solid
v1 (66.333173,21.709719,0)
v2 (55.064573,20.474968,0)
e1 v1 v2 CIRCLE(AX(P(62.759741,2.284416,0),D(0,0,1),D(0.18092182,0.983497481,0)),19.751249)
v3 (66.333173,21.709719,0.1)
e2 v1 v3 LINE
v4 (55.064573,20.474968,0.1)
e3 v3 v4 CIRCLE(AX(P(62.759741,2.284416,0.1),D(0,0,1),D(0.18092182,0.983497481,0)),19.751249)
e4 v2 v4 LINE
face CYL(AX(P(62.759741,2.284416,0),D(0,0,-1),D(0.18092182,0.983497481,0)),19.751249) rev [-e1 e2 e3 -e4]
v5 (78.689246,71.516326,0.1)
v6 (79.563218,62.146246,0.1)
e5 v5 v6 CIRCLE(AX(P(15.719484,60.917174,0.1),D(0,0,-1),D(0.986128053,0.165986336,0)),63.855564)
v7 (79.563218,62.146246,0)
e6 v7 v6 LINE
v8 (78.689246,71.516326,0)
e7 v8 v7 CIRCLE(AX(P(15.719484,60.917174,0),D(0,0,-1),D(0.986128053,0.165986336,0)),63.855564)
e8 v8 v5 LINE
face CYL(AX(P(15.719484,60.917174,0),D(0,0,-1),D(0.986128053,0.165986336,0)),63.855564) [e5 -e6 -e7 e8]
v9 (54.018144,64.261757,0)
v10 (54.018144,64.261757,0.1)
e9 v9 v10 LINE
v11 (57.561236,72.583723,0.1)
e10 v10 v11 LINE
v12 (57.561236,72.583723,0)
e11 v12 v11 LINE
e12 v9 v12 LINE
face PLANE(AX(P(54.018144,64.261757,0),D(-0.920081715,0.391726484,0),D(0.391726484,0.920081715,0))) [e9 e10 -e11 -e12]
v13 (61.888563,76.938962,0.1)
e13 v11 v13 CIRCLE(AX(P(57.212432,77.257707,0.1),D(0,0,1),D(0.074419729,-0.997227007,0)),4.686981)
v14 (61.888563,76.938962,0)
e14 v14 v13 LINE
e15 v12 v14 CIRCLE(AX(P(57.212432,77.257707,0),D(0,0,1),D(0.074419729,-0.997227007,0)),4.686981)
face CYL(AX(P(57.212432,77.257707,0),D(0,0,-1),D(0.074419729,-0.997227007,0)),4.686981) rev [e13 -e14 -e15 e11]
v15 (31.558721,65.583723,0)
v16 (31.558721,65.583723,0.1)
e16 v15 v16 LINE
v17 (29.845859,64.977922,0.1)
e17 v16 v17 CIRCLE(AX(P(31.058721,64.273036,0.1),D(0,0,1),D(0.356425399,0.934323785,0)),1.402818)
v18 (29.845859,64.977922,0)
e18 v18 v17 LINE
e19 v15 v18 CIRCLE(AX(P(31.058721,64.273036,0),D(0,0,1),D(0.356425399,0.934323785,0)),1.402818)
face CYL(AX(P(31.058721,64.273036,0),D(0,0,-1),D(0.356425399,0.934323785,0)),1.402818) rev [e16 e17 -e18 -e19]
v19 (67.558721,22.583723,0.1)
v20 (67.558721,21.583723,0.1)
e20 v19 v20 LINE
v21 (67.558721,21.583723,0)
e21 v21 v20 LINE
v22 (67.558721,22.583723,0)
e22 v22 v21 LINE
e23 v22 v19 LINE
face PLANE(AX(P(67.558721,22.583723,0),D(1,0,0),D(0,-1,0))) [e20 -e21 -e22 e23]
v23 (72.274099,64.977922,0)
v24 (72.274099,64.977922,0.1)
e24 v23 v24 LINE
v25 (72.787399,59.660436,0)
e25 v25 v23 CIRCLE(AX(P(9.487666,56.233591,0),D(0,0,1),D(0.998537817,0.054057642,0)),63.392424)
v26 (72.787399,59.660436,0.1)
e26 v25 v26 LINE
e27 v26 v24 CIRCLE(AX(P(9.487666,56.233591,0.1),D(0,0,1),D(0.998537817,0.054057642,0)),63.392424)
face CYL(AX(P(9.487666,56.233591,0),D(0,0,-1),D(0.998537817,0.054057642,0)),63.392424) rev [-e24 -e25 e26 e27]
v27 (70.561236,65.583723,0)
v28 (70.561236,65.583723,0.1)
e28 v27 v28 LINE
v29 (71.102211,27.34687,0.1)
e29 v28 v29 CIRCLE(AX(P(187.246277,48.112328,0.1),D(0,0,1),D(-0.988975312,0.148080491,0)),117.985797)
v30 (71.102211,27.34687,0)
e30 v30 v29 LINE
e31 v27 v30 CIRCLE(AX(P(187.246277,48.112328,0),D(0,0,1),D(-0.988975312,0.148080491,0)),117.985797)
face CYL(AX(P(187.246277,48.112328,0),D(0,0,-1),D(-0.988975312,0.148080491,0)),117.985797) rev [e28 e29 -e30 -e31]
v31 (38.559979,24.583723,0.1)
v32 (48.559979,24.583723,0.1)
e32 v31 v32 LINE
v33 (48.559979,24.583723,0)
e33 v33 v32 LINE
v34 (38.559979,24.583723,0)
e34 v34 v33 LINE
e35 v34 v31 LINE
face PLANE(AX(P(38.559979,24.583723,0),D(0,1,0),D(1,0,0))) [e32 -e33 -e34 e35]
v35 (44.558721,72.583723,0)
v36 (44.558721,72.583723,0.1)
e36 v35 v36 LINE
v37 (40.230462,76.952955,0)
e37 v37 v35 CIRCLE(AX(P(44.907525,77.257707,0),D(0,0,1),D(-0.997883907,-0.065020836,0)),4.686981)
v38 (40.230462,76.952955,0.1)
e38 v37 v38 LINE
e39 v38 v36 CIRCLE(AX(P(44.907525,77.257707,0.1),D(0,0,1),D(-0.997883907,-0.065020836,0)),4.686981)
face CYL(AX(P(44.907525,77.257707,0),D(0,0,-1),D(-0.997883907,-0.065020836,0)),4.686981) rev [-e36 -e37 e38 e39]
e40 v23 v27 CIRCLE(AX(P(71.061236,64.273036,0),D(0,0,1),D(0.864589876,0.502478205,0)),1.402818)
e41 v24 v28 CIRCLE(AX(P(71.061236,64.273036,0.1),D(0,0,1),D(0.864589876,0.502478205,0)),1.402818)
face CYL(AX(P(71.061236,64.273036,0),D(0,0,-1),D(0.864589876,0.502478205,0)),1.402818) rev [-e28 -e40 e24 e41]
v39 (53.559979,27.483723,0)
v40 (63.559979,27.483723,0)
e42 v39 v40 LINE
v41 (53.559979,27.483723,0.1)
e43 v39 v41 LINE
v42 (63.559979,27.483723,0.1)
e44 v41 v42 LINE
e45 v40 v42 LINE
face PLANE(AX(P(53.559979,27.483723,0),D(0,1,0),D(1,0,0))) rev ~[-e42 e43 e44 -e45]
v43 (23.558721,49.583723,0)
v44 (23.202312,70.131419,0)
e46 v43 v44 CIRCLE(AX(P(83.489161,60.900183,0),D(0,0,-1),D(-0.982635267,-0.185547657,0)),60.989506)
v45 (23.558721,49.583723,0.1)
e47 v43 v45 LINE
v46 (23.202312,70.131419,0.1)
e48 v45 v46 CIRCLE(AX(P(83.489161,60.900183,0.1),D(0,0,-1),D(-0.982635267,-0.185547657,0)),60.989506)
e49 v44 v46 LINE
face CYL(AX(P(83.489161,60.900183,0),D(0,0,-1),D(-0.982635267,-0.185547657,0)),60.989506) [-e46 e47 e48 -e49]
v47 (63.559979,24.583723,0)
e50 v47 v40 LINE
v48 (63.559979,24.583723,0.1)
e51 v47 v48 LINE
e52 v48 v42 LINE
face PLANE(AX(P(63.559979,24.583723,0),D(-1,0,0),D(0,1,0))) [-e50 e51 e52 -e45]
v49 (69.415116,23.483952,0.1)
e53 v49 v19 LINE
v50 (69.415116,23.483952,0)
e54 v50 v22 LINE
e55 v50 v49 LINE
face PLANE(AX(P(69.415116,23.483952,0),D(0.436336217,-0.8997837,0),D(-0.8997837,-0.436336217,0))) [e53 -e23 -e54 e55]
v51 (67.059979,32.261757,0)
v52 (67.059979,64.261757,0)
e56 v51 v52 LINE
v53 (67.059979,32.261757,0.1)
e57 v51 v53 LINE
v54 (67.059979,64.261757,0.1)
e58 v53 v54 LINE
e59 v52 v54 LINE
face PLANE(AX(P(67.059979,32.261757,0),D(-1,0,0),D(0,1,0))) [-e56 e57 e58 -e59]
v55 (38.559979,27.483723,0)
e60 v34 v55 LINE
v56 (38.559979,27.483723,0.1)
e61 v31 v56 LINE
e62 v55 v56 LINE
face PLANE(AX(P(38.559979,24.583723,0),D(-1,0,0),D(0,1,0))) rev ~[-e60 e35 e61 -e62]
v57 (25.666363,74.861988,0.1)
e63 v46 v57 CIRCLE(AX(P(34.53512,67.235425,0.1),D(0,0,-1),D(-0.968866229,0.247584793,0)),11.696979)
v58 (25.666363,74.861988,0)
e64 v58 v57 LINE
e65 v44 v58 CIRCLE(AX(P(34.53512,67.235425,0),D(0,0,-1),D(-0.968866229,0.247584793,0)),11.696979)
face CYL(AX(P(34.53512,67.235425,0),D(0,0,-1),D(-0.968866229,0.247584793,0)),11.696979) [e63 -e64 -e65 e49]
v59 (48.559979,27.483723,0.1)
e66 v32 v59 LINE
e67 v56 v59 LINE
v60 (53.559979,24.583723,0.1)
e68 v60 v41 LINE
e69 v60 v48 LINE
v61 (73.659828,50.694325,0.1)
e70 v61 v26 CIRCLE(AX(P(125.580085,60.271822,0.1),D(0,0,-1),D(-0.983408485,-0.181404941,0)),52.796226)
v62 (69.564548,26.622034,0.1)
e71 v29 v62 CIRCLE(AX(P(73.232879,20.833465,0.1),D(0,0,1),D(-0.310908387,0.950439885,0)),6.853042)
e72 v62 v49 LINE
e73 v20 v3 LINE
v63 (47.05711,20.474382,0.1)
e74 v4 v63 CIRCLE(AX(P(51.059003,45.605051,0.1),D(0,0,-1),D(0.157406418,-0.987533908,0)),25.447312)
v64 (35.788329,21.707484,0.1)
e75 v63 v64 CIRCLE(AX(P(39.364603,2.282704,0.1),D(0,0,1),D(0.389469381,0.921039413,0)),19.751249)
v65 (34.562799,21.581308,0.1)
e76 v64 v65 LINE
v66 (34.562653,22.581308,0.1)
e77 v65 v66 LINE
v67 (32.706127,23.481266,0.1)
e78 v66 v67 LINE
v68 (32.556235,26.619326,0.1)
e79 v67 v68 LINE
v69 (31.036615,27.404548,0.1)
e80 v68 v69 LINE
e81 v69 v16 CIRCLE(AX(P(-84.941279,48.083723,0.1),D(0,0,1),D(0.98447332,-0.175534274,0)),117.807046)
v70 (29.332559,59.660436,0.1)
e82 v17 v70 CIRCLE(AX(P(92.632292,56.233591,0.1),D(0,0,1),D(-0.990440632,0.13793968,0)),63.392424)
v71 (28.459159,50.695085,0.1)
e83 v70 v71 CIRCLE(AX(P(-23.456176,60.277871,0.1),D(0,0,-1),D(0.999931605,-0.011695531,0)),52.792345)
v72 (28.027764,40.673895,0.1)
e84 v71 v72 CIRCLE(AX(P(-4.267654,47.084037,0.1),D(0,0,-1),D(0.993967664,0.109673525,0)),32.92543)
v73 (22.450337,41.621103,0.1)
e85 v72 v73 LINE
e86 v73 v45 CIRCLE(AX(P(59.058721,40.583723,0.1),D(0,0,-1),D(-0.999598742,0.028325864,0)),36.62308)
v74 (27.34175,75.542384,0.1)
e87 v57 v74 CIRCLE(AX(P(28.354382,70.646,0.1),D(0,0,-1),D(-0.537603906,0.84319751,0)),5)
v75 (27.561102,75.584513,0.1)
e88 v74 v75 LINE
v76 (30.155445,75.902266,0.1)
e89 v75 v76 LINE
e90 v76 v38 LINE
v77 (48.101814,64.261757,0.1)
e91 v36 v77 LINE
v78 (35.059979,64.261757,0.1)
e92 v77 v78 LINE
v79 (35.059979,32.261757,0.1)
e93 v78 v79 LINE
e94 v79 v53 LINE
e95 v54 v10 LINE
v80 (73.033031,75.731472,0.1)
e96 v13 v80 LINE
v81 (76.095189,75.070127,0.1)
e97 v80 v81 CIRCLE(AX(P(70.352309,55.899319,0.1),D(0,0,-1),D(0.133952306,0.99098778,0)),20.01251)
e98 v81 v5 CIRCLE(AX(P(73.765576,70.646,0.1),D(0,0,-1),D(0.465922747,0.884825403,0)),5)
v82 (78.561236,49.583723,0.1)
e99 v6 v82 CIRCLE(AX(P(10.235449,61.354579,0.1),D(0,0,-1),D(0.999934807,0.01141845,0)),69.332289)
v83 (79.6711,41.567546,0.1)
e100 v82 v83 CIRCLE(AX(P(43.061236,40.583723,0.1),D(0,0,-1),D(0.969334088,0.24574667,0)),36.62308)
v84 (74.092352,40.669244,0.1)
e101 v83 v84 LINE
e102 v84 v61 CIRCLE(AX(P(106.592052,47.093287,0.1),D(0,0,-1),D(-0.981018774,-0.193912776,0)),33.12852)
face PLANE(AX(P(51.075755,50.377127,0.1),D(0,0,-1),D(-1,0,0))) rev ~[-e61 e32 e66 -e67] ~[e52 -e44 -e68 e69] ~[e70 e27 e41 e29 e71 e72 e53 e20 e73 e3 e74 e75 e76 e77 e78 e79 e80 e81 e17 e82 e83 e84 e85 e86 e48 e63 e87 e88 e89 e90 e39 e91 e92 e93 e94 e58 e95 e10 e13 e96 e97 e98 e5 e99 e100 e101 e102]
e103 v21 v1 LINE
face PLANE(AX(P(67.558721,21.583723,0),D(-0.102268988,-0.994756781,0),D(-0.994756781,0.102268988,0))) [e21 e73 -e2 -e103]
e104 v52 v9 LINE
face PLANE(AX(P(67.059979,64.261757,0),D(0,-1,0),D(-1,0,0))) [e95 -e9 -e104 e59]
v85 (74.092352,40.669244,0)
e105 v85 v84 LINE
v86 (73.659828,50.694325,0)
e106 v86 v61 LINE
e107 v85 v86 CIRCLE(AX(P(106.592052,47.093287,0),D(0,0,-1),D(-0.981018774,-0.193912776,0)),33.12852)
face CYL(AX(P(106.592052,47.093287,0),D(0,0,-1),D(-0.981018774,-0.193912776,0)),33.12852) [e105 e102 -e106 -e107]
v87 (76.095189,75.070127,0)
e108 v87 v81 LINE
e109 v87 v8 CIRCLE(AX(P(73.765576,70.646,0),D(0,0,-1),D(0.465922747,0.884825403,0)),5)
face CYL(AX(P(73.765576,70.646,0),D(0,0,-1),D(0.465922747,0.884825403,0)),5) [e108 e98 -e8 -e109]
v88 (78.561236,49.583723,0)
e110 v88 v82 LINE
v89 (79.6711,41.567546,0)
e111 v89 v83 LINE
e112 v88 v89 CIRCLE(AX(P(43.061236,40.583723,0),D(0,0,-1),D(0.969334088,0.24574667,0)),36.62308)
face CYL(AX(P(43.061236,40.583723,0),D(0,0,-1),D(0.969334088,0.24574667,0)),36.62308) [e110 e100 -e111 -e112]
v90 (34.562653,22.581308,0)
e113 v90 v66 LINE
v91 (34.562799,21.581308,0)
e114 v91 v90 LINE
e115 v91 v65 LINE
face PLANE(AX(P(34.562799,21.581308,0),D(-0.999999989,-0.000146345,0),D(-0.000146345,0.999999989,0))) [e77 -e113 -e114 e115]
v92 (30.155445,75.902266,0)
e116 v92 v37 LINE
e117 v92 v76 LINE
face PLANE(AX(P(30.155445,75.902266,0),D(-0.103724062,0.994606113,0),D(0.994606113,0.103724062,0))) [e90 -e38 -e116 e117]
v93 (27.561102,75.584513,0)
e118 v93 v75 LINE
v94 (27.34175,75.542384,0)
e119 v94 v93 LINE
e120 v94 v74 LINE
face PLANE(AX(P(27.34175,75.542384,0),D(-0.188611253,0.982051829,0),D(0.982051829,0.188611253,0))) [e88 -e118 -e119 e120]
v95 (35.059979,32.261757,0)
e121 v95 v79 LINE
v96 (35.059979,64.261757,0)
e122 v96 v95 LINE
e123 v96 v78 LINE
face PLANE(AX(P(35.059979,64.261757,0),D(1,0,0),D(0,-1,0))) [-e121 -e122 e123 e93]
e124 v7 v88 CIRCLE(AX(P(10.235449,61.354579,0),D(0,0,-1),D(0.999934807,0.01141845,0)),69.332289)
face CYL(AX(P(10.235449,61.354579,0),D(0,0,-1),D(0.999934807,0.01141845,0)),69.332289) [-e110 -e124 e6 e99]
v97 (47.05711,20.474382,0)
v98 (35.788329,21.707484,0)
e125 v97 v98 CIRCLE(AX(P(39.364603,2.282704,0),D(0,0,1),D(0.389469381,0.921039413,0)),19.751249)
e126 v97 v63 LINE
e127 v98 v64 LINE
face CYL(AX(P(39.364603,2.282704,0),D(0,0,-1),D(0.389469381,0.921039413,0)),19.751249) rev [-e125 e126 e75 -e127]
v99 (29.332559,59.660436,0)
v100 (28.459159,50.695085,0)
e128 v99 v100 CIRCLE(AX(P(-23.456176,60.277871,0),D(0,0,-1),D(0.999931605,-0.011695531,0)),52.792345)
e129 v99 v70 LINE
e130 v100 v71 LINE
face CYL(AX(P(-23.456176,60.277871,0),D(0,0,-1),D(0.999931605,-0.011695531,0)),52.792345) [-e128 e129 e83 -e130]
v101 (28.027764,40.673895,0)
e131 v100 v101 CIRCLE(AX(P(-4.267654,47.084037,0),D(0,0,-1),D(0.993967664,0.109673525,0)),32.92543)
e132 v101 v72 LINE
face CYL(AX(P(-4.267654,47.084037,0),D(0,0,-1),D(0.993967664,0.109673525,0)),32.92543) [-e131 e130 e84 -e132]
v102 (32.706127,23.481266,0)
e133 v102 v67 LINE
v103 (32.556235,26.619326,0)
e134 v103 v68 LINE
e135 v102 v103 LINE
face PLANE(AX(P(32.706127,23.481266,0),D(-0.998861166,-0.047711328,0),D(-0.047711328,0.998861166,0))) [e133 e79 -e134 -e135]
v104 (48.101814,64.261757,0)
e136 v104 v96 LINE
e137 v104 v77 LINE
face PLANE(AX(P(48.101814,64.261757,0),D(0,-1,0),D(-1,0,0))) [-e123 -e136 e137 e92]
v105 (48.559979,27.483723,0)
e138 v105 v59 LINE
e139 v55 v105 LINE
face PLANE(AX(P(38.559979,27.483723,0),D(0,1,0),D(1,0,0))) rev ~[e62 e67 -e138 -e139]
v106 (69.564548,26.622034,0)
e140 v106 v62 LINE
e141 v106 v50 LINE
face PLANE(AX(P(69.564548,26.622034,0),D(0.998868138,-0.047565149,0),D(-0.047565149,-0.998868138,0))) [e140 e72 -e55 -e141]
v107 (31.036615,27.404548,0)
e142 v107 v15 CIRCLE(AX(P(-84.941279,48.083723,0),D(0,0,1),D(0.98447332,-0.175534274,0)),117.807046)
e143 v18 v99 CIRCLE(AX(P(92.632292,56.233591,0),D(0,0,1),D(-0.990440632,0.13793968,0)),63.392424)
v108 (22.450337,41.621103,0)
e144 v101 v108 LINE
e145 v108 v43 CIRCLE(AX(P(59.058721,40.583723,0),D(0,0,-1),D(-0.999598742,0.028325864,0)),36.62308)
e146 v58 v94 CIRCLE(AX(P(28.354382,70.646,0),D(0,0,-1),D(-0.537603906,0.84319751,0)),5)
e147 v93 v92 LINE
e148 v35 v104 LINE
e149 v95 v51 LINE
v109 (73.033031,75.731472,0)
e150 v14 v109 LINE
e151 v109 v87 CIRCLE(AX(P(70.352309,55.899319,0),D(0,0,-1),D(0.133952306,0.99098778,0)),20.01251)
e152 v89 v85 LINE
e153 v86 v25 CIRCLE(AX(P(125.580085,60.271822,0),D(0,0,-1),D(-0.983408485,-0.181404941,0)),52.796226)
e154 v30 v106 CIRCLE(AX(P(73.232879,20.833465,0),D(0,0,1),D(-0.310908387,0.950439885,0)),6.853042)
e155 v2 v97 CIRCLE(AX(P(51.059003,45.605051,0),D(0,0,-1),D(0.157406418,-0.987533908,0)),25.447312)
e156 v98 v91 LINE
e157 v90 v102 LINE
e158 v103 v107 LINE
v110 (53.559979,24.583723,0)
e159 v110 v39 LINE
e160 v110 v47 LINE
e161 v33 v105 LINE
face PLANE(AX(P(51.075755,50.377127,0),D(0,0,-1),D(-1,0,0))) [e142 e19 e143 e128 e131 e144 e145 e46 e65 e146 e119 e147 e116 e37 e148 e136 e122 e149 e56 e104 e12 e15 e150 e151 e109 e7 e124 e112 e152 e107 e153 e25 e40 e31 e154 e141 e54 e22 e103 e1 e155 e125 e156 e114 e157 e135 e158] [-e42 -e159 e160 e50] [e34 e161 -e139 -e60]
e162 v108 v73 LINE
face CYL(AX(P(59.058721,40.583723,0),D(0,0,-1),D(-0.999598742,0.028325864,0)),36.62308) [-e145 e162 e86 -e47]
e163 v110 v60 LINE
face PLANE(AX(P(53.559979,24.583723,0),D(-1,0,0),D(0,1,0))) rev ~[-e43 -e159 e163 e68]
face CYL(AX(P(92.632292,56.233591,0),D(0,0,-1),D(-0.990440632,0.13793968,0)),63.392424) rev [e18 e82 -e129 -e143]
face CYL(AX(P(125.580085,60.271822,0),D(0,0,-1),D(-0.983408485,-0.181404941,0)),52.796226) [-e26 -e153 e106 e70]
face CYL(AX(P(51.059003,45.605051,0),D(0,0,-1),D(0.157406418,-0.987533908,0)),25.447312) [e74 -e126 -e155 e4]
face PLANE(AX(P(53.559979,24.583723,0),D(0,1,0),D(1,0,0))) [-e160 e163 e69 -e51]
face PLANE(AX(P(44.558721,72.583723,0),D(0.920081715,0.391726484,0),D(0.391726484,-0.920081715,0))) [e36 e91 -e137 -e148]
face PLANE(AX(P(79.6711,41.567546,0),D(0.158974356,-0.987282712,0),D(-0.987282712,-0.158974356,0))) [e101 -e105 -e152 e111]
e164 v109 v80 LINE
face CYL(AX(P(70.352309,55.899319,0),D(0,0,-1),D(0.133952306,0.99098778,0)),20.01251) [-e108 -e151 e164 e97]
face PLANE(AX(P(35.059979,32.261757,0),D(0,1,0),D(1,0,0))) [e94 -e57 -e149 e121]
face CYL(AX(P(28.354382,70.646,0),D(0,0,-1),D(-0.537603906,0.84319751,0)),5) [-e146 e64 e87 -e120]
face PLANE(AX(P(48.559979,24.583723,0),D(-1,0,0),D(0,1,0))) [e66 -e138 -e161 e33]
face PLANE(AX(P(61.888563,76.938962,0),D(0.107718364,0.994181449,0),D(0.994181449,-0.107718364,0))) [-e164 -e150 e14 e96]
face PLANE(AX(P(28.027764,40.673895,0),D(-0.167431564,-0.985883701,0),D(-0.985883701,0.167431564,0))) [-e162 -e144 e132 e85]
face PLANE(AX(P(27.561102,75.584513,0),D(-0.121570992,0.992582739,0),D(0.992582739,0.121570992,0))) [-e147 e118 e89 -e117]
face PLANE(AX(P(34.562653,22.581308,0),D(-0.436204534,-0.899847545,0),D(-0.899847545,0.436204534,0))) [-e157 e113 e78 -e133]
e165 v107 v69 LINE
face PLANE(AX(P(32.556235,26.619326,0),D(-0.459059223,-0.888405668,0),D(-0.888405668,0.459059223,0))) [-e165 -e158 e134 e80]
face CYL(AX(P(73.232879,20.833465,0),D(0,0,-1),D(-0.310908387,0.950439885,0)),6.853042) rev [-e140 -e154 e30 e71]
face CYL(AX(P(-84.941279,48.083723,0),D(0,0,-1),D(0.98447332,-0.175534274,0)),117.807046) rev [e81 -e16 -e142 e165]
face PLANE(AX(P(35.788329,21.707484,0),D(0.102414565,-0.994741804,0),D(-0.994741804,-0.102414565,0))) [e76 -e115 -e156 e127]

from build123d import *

# Parameters (mm, degrees)
MODEL_W                 = 10
MODEL_H                 = 2.9
SALIENTE_EXTRUIR1_DEPTH = 0.1


with BuildPart() as part:
    # Model → Saliente-Extruir1 (new body)
    with BuildSketch(Plane.XY):
        with BuildLine():
            Line((35.788328911, 21.707483708), (34.562799173, 21.581308157))
            Line((34.562799173, 21.581308157), (34.562652828, 22.581308147))
            Line((34.562652828, 22.581308147), (32.70612679, 23.481266233))
            Line((32.70612679, 23.481266233), (32.556235076, 26.619326304))
            Line((32.556235076, 26.619326304), (31.036614796, 27.404548337))
            ThreePointArc((31.036614796, 27.404548337), (32.854753025, 46.472842043), (31.55872141, 65.583722544))
            ThreePointArc((31.55872141, 65.583722544), (30.590969531, 65.595574241), (29.845859092, 64.977921752))
            ThreePointArc((29.845859092, 64.977921752), (29.533169752, 62.324588377), (29.332558898, 59.660435997))
            ThreePointArc((29.332558898, 59.660435997), (29.087424273, 55.159098423), (28.459158768, 50.695085274))
            ThreePointArc((28.459158768, 50.695085274), (28.627310402, 45.667965845), (28.027763798, 40.673894501))
            Line((28.027763798, 40.673894501), (22.450336553, 41.621102944))
            ThreePointArc((22.450336553, 41.621102944), (22.785375557, 45.632918576), (23.55872141, 49.583722544))
            ThreePointArc((23.55872141, 49.583722544), (22.508827615, 59.842451026), (23.202312308, 70.131419197))
            ThreePointArc((23.202312308, 70.131419197), (24.161095869, 72.639029062), (25.666362665, 74.861987681))
            ThreePointArc((25.666362665, 74.861987681), (26.473042164, 75.27855447), (27.341750173, 75.542384144))
            Line((27.341750173, 75.542384144), (27.561102277, 75.584512547))
            Line((27.561102277, 75.584512547), (30.155444554, 75.902266174))
            Line((30.155444554, 75.902266174), (40.23046228, 76.952955231))
            ThreePointArc((40.23046228, 76.952955231), (41.577753061, 73.95916021), (44.55872141, 72.583722544))
            Line((44.55872141, 72.583722544), (48.101813752, 64.261756561))
            Line((48.101813752, 64.261756561), (35.059978867, 64.261756561))
            Line((35.059978867, 64.261756561), (35.059978867, 32.261756561))
            Line((35.059978867, 32.261756561), (67.059978867, 32.261756561))
            Line((67.059978867, 32.261756561), (67.059978867, 64.261756561))
            Line((67.059978867, 64.261756561), (54.018143983, 64.261756561))
            Line((54.018143983, 64.261756561), (57.561236324, 72.583722544))
            ThreePointArc((57.561236324, 72.583722544), (60.537265907, 73.954182145), (61.888562624, 76.938961663))
            Line((61.888562624, 76.938961663), (73.033030733, 75.731471954))
            ThreePointArc((73.033030733, 75.731471954), (74.577070762, 75.460810441), (76.095189277, 75.070127146))
            ThreePointArc((76.095189277, 75.070127146), (77.804128562, 73.593895905), (78.689246297, 71.516325509))
            ThreePointArc((78.689246297, 71.516325509), (79.299082123, 66.847407918), (79.563217831, 62.146245983))
            ThreePointArc((79.563217831, 62.146245983), (79.348252658, 55.842170985), (78.561236324, 49.583722544))
            ThreePointArc((78.561236324, 49.583722544), (79.338265829, 45.606384219), (79.67109964, 41.567545691))
            Line((79.67109964, 41.567545691), (74.092351811, 40.669243886))
            ThreePointArc((74.092351811, 40.669243886), (73.494321928, 45.665313622), (73.659828166, 50.694325476))
            ThreePointArc((73.659828166, 50.694325476), (73.032031827, 55.158739267), (72.787398837, 59.660435997))
            ThreePointArc((72.787398837, 59.660435997), (72.586787983, 62.324588377), (72.274098643, 64.977921752))
            ThreePointArc((72.274098643, 64.977921752), (71.528988204, 65.595574241), (70.561236324, 65.583722544))
            ThreePointArc((70.561236324, 65.583722544), (69.272286317, 46.443233149), (71.102210852, 27.346869554))
            ThreePointArc((71.102210852, 27.346869554), (70.310817444, 27.032315031), (69.5645482, 26.622034286))
            Line((69.5645482, 26.622034286), (69.415115725, 23.483952313))
            Line((69.415115725, 23.483952313), (67.55872141, 22.583722544))
            Line((67.55872141, 22.583722544), (67.55872141, 21.583722544))
            Line((67.55872141, 21.583722544), (66.33317322, 21.709718743))
            ThreePointArc((66.33317322, 21.709718743), (60.608385736, 21.918148973), (55.064572652, 20.474967974))
            ThreePointArc((55.064572652, 20.474967974), (51.060864546, 20.157739519), (47.057110058, 20.47438205))
            ThreePointArc((47.057110058, 20.47438205), (41.513085831, 21.916751726), (35.788328911, 21.707483708))
        make_face()
        with Locations((58.559978867, 26.033722544)):
            Rectangle(MODEL_W, MODEL_H, mode=Mode.SUBTRACT)
        with Locations((43.559978867, 26.033722544)):
            Rectangle(MODEL_W, MODEL_H, mode=Mode.SUBTRACT)
    extrude(amount=SALIENTE_EXTRUIR1_DEPTH)


solid = part.part
